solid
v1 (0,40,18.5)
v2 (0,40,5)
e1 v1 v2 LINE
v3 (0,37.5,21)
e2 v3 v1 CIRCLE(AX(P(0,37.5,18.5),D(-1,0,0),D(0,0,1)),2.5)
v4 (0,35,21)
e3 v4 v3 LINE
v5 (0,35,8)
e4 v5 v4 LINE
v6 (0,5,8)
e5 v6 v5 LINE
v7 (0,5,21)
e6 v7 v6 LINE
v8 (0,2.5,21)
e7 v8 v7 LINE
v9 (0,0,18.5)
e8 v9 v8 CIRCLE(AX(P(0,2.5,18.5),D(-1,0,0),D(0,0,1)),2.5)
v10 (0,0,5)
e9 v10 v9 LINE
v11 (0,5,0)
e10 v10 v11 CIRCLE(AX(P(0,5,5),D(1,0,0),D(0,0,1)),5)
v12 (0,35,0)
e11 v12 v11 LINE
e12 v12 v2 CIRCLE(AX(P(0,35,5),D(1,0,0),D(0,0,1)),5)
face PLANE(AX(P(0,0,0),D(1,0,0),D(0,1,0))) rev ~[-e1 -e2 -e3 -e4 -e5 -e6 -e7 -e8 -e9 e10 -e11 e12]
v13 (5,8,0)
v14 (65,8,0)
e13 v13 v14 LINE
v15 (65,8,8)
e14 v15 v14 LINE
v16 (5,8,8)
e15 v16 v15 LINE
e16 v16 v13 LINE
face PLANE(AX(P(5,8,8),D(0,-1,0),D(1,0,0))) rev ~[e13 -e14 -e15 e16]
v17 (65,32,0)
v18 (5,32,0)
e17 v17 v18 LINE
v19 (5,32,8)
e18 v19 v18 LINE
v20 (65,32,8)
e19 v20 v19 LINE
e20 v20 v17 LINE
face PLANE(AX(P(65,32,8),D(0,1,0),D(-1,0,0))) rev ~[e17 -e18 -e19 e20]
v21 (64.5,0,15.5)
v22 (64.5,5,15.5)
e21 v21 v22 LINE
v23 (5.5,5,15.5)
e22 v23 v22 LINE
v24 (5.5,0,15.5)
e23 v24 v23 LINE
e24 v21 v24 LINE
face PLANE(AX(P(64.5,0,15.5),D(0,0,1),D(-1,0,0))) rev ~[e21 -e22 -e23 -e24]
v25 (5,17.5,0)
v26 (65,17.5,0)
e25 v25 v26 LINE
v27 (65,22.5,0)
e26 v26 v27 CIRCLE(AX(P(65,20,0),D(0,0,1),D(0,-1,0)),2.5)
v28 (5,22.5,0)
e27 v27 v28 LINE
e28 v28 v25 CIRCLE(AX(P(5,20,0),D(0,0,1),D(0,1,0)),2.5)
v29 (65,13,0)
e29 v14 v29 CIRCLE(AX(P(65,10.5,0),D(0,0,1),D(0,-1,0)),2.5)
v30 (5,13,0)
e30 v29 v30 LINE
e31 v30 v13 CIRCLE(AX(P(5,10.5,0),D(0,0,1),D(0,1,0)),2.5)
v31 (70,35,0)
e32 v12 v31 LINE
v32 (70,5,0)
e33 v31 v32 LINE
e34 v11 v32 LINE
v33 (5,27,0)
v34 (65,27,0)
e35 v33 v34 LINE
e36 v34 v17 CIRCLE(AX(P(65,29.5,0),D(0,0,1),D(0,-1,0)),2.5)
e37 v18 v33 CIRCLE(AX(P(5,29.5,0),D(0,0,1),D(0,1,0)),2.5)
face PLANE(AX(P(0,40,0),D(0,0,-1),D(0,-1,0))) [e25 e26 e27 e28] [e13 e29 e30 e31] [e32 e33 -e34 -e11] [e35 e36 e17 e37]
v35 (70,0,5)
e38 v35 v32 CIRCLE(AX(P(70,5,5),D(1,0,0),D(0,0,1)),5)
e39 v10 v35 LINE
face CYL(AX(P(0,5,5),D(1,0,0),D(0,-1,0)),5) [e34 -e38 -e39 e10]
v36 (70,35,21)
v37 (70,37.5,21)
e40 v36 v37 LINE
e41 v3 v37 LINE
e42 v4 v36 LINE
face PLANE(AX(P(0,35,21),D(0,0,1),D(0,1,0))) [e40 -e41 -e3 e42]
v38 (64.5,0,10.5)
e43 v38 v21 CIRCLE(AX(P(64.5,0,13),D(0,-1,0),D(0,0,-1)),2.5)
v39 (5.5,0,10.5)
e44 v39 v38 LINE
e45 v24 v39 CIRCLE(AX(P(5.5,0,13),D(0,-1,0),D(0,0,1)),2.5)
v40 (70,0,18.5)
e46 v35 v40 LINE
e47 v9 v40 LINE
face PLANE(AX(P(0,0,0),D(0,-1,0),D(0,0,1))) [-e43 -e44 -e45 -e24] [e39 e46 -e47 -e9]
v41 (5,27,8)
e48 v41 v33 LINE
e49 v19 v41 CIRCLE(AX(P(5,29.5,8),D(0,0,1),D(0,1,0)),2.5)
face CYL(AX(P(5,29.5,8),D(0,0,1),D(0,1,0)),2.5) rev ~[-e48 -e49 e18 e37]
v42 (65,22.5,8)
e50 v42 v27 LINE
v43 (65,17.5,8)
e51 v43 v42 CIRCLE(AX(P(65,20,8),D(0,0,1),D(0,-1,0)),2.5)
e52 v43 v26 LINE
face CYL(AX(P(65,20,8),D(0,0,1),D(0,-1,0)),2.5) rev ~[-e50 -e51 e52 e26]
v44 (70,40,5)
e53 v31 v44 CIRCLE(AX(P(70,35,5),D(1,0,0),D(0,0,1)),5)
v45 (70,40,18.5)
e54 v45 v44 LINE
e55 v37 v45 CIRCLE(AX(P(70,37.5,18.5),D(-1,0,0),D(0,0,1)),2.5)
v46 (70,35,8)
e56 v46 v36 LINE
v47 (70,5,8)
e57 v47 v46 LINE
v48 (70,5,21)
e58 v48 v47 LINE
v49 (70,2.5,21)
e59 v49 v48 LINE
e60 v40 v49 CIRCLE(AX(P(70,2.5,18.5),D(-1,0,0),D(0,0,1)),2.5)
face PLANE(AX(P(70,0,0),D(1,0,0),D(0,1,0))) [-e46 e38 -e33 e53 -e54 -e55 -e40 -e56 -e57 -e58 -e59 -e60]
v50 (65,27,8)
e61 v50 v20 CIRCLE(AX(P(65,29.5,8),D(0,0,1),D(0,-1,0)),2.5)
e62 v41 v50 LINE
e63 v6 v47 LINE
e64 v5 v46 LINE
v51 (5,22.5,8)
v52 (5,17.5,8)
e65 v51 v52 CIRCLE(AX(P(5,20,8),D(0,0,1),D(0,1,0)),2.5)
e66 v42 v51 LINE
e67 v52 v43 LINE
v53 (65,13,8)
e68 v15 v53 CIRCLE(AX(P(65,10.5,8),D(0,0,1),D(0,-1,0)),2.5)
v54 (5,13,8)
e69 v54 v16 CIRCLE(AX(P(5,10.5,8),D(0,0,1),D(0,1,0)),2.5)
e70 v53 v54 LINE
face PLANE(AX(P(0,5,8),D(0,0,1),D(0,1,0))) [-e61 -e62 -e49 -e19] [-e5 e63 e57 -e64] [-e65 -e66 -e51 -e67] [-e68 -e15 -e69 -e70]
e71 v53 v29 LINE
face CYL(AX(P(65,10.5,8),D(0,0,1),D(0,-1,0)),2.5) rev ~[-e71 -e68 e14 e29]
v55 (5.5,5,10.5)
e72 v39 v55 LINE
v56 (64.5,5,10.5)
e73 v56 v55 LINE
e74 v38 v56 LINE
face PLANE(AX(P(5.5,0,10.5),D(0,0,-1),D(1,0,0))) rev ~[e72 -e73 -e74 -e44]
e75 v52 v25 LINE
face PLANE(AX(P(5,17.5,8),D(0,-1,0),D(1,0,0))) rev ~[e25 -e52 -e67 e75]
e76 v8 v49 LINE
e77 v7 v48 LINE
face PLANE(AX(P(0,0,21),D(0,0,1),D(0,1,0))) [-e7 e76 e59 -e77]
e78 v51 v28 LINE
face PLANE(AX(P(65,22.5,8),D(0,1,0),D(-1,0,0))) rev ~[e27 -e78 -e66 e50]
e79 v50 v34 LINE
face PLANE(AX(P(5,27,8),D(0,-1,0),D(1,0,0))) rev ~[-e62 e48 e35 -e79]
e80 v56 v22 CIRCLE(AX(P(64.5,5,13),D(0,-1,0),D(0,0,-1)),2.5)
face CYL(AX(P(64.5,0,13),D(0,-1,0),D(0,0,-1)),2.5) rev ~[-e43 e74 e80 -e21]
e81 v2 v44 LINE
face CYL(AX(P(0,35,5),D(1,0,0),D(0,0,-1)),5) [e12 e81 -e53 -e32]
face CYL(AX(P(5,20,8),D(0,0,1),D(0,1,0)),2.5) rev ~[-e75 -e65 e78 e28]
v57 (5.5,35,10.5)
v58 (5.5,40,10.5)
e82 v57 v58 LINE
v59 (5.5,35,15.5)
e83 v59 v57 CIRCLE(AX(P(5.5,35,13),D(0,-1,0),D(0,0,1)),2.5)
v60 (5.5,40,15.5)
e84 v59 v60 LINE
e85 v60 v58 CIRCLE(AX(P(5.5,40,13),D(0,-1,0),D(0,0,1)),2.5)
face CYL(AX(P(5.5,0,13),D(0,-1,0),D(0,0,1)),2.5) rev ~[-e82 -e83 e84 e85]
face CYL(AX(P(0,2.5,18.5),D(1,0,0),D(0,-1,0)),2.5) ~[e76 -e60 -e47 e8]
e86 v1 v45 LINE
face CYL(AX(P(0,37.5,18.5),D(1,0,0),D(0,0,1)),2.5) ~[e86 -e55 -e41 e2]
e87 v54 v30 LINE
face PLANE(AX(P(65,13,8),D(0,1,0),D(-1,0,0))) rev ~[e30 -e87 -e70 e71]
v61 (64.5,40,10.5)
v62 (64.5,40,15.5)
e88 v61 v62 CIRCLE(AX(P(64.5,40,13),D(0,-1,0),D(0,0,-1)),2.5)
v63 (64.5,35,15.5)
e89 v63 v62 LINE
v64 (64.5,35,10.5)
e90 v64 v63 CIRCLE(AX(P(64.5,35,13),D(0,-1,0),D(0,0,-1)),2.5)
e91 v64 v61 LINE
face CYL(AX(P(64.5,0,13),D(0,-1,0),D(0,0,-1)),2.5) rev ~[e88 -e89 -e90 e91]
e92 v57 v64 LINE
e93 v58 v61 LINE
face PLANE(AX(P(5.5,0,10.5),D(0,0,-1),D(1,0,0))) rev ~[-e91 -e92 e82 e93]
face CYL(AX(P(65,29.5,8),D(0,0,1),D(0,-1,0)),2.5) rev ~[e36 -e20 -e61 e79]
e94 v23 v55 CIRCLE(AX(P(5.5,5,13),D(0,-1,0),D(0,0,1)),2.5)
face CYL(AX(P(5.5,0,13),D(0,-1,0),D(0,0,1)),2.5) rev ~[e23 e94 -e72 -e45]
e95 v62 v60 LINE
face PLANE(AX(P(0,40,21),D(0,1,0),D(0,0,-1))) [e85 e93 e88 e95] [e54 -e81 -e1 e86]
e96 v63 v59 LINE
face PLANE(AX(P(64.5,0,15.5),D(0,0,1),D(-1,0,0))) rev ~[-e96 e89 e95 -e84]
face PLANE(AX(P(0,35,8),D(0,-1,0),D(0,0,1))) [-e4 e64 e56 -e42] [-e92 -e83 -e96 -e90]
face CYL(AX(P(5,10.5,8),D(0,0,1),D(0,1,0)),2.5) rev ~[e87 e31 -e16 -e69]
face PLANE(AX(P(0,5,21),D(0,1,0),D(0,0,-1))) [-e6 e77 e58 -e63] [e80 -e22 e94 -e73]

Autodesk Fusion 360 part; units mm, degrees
sketch "Sketch1" plane through (0, 0, 0) normal (1, 0, 0) x (0, 1, 0)
  line L0 (0, 0) -> (0, 21)
  line L1 (0, 21) -> (5, 21)
  line L2 (5, 21) -> (5, 8)
  line L3 (5, 8) -> (35, 8)
  line L4 (35, 8) -> (35, 21)
  line L5 (35, 21) -> (40, 21)
  line L6 (40, 21) -> (40, 0)
  line L7 (40, 0) -> (0, 0)
  line L8 (20, 8) -> (20, 0) construction
  dimension "d1" = 8
  dimension "d2" = 30
  dimension "d3" = 5
  dimension "d5" = 5
  dimension "d6" = 13
  dimension "d7" = 13
extrude "Extrude1" add sketch "Sketch1" along normal blind 70
fillet "Fillet1" radius 2.5 2 edges at (35, 40, 21) (35, 0, 21)
sketch "Sketch2" plane through (0, 0, 8) normal (0, 0, 1) x (-1, 0, 0)
  line L0 (0, -35) -> (0, -5)
  line L1 (0, -5) -> (-70, -5)
  line L2 (-70, -5) -> (-70, -35)
  line L3 (-70, -35) -> (0, -35)
  line L4 (0, -5) -> (-70, -5)
  line L5 (-70, -35) -> (-70, -5)
  line L6 (0, -5) -> (0, -35)
  line L7 (0, -35) -> (-70, -35)
  line L8 (-35, -35) -> (-35, -5) construction
  line L9 (-65, -10) -> (-65, -30) construction
  line L10 (-65, -30) -> (-5, -30) construction
  line L11 (-5, -30) -> (-5, -10) construction
  line L12 (-5, -10) -> (-65, -10) construction
  line L13 (-5, -20) -> (-65, -20) construction
  line L14 (-5, -27) -> (-65, -27)
  arc A0 (-65, -27) -> (-65, -32) centre (-65, -29.5) ccw
  line L15 (-65, -32) -> (-5, -32)
  arc A1 (-5, -32) -> (-5, -27) centre (-5, -29.5) ccw
  line L16 (-5, -29.5) -> (-65, -29.5) construction
  line L17 (-65, -22.5) -> (-5, -22.5)
  arc A2 (-5, -22.5) -> (-5, -17.5) centre (-5, -20) ccw
  line L18 (-5, -17.5) -> (-65, -17.5)
  arc A3 (-65, -17.5) -> (-65, -22.5) centre (-65, -20) ccw
  line L19 (-65, -13) -> (-5, -13)
  arc A4 (-5, -13) -> (-5, -8) centre (-5, -10.5) ccw
  line L20 (-5, -8) -> (-65, -8)
  arc A5 (-65, -8) -> (-65, -13) centre (-65, -10.5) ccw
  dimension "d12" = -5
  dimension "d15" = 3
  dimension "d16" = 5
  dimension "d19" = 0
  dimension "d20" = 19
extrude "Extrude2" cut sketch "Sketch2" against normal up to surface (8 mm away) contours L14 A0 L15 A1 | L17 A2 L18 A3 | L19 A4 L20 A5
sketch "Sketch3" plane through (0, 0, 0) normal (0, -1, 0) x (1, 0, 0)
  line L0 (70, 18.5) -> (0, 18.5)
  line L1 (0, 18.5) -> (0, 0)
  line L2 (0, 0) -> (70, 0)
  line L3 (70, 0) -> (70, 18.5)
  line L4 (0, 8) -> (70, 8)
  line L5 (0, 21) -> (70, 21)
  line L6 (0, 21) -> (0, 8)
  line L7 (70, 8) -> (70, 21)
  line L8 (0, 18.5) -> (70, 18.5)
  line L9 (5.5, 10.5) -> (64.5, 10.5)
  arc A0 (64.5, 10.5) -> (64.5, 15.5) centre (64.5, 13) ccw
  line L10 (64.5, 15.5) -> (5.5, 15.5)
  arc A1 (5.5, 15.5) -> (5.5, 10.5) centre (5.5, 13) ccw
  line L11 (5.5, 13) -> (64.5, 13) construction
  dimension "d23" = 5
  dimension "d24" = 3
  dimension "d25" = 3
  dimension "d26" = 3
extrude "Extrude3" cut sketch "Sketch3" against normal up to surface (40 mm away) contours L9 A0 L10 A1
fillet "Fillet2" radius 5 2 edges at (35, 40, 0) (35, 0, 0)
